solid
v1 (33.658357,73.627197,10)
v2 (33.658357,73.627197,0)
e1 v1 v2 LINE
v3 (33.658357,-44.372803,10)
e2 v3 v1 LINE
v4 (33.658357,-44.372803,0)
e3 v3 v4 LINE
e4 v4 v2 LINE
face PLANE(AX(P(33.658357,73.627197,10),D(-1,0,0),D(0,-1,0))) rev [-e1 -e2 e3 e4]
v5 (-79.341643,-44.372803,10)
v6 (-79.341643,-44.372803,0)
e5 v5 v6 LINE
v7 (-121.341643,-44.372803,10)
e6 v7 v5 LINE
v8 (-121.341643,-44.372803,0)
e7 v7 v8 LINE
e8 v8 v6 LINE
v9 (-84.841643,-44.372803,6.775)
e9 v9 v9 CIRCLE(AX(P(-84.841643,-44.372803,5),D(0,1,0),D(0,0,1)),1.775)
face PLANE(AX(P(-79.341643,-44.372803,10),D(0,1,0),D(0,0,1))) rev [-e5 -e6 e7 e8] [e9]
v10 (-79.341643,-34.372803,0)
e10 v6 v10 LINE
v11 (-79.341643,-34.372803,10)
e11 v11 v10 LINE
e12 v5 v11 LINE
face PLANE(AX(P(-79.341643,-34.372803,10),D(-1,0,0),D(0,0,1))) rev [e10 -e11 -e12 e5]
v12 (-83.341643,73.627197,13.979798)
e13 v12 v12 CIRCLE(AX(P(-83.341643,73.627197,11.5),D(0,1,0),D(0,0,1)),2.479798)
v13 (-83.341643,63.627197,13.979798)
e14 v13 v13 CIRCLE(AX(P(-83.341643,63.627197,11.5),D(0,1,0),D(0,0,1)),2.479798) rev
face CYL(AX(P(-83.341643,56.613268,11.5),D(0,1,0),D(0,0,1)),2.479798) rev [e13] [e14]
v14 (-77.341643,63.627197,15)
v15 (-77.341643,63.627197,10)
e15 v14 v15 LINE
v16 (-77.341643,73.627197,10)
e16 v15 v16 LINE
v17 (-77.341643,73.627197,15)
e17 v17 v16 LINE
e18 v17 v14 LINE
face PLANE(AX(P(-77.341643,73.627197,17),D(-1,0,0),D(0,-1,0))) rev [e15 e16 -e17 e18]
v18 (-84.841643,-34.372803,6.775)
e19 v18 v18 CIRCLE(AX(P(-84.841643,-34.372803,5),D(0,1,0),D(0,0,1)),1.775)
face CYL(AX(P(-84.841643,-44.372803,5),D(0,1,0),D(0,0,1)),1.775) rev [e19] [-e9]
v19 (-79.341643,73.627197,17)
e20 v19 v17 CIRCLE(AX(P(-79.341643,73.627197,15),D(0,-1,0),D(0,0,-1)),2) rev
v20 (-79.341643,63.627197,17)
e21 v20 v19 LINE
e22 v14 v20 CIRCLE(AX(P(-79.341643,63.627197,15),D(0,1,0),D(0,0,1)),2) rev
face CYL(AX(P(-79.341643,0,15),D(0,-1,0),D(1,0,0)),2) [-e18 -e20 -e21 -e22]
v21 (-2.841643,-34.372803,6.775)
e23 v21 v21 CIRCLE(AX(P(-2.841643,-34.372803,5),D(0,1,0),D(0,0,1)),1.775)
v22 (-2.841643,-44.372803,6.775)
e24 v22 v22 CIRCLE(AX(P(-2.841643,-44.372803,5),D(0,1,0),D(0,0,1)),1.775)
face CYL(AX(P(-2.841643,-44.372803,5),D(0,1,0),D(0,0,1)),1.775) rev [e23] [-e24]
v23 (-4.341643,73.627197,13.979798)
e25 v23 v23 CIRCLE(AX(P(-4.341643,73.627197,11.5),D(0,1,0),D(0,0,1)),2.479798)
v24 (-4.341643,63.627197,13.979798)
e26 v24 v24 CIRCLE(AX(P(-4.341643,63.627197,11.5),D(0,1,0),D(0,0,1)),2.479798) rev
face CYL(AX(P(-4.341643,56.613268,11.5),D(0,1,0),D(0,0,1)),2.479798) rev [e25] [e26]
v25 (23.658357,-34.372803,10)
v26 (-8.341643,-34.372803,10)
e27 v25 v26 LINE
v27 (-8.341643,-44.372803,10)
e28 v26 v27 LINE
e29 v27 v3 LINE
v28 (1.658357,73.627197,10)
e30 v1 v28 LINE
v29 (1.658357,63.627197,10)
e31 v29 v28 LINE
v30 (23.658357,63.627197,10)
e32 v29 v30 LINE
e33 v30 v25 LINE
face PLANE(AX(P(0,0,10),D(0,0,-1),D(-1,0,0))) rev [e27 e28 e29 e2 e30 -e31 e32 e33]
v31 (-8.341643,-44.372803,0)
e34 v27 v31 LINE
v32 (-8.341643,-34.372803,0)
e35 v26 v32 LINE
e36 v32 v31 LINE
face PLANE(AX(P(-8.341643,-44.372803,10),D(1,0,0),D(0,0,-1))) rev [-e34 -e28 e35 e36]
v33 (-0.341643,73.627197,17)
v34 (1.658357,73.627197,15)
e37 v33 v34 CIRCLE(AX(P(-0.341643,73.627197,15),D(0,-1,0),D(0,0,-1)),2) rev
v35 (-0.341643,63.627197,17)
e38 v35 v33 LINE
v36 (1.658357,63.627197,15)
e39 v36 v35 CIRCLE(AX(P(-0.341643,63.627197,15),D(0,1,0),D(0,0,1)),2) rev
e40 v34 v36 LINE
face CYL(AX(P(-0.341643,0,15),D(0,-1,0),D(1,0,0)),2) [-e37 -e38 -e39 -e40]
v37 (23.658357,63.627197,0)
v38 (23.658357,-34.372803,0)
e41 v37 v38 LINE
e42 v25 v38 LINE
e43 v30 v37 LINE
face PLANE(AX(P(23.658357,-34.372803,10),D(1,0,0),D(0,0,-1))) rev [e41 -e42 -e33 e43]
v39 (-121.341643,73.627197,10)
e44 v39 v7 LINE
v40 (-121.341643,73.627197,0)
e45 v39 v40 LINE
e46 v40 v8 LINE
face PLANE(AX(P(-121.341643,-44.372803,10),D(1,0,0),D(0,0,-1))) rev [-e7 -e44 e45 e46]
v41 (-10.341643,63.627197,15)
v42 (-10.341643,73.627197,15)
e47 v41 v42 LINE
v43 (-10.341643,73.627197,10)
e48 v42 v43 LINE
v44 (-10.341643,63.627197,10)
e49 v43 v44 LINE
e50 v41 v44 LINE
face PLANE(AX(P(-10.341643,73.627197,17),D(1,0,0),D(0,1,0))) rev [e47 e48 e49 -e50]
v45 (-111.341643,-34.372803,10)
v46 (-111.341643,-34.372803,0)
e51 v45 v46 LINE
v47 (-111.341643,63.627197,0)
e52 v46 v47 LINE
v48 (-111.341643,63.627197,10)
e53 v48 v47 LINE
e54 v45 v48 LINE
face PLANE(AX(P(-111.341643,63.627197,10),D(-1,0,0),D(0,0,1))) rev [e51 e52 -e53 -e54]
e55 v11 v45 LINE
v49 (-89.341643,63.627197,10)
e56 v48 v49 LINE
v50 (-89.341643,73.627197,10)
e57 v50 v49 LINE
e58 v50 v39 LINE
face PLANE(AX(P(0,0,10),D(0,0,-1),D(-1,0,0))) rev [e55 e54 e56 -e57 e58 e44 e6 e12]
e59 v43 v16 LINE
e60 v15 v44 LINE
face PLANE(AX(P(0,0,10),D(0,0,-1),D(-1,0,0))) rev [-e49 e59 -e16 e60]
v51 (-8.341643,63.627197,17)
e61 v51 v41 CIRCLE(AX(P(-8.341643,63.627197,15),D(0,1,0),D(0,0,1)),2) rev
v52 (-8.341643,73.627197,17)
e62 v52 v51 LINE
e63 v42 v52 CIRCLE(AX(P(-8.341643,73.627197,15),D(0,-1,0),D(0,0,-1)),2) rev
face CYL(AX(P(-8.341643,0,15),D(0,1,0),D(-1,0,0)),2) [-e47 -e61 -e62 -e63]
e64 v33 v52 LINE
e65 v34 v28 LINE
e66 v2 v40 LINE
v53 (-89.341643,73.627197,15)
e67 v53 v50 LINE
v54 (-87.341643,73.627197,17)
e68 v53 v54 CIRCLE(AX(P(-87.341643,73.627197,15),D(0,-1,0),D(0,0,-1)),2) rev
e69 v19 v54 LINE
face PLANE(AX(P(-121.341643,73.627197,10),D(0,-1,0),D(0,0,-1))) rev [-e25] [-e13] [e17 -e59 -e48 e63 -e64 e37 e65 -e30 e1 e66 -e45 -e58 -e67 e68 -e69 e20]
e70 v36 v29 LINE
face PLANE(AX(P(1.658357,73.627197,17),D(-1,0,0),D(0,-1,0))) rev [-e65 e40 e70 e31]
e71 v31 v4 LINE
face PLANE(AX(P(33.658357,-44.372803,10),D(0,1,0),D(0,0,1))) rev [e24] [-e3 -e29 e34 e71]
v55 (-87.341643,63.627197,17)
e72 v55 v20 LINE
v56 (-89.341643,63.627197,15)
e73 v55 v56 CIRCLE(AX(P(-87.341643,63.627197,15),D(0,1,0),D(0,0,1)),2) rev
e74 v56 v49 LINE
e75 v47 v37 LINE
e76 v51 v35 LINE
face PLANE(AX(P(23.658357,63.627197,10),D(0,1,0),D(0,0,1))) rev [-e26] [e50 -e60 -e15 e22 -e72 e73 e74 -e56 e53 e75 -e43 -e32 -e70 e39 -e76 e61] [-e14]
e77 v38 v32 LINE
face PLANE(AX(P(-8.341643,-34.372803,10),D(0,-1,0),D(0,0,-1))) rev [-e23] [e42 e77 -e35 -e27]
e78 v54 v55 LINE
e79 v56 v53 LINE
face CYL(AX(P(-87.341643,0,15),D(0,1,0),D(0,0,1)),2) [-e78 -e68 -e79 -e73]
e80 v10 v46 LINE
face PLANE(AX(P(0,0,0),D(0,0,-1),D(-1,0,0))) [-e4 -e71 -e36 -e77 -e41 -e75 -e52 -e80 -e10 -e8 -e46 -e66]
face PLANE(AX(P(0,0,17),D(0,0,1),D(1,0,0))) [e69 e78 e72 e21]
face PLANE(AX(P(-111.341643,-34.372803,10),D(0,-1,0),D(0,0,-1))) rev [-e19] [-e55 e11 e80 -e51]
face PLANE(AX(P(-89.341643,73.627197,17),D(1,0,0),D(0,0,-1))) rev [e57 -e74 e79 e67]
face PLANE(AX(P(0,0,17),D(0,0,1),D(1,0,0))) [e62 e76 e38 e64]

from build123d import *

# Parameters (mm, degrees)
BOSS_EXTRUDE1_DEPTH = 10
SKETCH3_R           = 1.775
CUT_EXTRUDE2_DEPTH  = 163.750712068
SKETCH4_W           = 12
SKETCH4_H           = 10
BOSS_EXTRUDE2_DEPTH = 7
SKETCH5_R           = 2.479798403
CUT_EXTRUDE3_DEPTH  = 10
FILLET1_R           = 2
FILLET2_R           = 2


with BuildPart() as part:
    # Sketch1 → Boss-Extrude1 (new body)
    with BuildSketch(Plane.XY):
        Polygon((-79.341642805, -34.372803322), (-79.341642805, -44.372803322), (-121.341642805, -44.372803322), (-121.341642805, 73.627196678), (33.658357195, 73.627196678), (33.658357195, -44.372803322), (-8.341642805, -44.372803322), (-8.341642805, -34.372803322), (23.658357195, -34.372803322), (23.658357195, 63.627196678), (-111.341642805, 63.627196678), (-111.341642805, -34.372803322), align=None)
    extrude(amount=BOSS_EXTRUDE1_DEPTH)

    # Sketch3 → Cut-Extrude2 (cut, through all)
    with BuildSketch(Plane(origin=(0, -34.372803322, 0), x_dir=(1, 0, 0), z_dir=(0, 1, 0))):
        with Locations(Location((-84.841642805, -5, 0), (0, 0, 270))):
            Circle(SKETCH3_R)
        with Locations(Location((-2.841642805, -5, 0), (0, 0, 270))):
            Circle(SKETCH3_R)
    extrude(amount=-CUT_EXTRUDE2_DEPTH, mode=Mode.SUBTRACT)

    # Sketch4 → Boss-Extrude2 (add)
    with BuildSketch(Plane.XY.offset(10)):
        with Locations((-83.341642805, 68.627196678)):
            Rectangle(SKETCH4_W, SKETCH4_H)
        with Locations((-4.341642805, 68.627196678)):
            Rectangle(SKETCH4_W, SKETCH4_H)
    extrude(amount=BOSS_EXTRUDE2_DEPTH)

    # Sketch5 → Cut-Extrude3 (cut)
    with BuildSketch(Plane(origin=(0, 73.627196678, 0), x_dir=(1, 0, 0), z_dir=(0, 1, 0))):
        with Locations(Location((-83.341642805, -11.5, 0), (0, 0, 270))):
            Circle(SKETCH5_R)
        with Locations(Location((-4.341642805, -11.5, 0), (0, 0, 270))):
            Circle(SKETCH5_R)
    extrude(amount=-CUT_EXTRUDE3_DEPTH, mode=Mode.SUBTRACT)

    # Fillet1
    fillet1_edges = [part.edges().sort_by_distance(p)[0] for p in [
        (-77.341642805, 68.627196678, 17),
        (-89.341642805, 68.627196678, 17),
    ]]
    fillet(fillet1_edges, radius=FILLET1_R)

    # Fillet2
    fillet2_edges = [part.edges().sort_by_distance(p)[0] for p in [
        (-10.341642805, 68.627196678, 17),
        (1.658357195, 68.627196678, 17),
    ]]
    fillet(fillet2_edges, radius=FILLET2_R)


solid = part.part
